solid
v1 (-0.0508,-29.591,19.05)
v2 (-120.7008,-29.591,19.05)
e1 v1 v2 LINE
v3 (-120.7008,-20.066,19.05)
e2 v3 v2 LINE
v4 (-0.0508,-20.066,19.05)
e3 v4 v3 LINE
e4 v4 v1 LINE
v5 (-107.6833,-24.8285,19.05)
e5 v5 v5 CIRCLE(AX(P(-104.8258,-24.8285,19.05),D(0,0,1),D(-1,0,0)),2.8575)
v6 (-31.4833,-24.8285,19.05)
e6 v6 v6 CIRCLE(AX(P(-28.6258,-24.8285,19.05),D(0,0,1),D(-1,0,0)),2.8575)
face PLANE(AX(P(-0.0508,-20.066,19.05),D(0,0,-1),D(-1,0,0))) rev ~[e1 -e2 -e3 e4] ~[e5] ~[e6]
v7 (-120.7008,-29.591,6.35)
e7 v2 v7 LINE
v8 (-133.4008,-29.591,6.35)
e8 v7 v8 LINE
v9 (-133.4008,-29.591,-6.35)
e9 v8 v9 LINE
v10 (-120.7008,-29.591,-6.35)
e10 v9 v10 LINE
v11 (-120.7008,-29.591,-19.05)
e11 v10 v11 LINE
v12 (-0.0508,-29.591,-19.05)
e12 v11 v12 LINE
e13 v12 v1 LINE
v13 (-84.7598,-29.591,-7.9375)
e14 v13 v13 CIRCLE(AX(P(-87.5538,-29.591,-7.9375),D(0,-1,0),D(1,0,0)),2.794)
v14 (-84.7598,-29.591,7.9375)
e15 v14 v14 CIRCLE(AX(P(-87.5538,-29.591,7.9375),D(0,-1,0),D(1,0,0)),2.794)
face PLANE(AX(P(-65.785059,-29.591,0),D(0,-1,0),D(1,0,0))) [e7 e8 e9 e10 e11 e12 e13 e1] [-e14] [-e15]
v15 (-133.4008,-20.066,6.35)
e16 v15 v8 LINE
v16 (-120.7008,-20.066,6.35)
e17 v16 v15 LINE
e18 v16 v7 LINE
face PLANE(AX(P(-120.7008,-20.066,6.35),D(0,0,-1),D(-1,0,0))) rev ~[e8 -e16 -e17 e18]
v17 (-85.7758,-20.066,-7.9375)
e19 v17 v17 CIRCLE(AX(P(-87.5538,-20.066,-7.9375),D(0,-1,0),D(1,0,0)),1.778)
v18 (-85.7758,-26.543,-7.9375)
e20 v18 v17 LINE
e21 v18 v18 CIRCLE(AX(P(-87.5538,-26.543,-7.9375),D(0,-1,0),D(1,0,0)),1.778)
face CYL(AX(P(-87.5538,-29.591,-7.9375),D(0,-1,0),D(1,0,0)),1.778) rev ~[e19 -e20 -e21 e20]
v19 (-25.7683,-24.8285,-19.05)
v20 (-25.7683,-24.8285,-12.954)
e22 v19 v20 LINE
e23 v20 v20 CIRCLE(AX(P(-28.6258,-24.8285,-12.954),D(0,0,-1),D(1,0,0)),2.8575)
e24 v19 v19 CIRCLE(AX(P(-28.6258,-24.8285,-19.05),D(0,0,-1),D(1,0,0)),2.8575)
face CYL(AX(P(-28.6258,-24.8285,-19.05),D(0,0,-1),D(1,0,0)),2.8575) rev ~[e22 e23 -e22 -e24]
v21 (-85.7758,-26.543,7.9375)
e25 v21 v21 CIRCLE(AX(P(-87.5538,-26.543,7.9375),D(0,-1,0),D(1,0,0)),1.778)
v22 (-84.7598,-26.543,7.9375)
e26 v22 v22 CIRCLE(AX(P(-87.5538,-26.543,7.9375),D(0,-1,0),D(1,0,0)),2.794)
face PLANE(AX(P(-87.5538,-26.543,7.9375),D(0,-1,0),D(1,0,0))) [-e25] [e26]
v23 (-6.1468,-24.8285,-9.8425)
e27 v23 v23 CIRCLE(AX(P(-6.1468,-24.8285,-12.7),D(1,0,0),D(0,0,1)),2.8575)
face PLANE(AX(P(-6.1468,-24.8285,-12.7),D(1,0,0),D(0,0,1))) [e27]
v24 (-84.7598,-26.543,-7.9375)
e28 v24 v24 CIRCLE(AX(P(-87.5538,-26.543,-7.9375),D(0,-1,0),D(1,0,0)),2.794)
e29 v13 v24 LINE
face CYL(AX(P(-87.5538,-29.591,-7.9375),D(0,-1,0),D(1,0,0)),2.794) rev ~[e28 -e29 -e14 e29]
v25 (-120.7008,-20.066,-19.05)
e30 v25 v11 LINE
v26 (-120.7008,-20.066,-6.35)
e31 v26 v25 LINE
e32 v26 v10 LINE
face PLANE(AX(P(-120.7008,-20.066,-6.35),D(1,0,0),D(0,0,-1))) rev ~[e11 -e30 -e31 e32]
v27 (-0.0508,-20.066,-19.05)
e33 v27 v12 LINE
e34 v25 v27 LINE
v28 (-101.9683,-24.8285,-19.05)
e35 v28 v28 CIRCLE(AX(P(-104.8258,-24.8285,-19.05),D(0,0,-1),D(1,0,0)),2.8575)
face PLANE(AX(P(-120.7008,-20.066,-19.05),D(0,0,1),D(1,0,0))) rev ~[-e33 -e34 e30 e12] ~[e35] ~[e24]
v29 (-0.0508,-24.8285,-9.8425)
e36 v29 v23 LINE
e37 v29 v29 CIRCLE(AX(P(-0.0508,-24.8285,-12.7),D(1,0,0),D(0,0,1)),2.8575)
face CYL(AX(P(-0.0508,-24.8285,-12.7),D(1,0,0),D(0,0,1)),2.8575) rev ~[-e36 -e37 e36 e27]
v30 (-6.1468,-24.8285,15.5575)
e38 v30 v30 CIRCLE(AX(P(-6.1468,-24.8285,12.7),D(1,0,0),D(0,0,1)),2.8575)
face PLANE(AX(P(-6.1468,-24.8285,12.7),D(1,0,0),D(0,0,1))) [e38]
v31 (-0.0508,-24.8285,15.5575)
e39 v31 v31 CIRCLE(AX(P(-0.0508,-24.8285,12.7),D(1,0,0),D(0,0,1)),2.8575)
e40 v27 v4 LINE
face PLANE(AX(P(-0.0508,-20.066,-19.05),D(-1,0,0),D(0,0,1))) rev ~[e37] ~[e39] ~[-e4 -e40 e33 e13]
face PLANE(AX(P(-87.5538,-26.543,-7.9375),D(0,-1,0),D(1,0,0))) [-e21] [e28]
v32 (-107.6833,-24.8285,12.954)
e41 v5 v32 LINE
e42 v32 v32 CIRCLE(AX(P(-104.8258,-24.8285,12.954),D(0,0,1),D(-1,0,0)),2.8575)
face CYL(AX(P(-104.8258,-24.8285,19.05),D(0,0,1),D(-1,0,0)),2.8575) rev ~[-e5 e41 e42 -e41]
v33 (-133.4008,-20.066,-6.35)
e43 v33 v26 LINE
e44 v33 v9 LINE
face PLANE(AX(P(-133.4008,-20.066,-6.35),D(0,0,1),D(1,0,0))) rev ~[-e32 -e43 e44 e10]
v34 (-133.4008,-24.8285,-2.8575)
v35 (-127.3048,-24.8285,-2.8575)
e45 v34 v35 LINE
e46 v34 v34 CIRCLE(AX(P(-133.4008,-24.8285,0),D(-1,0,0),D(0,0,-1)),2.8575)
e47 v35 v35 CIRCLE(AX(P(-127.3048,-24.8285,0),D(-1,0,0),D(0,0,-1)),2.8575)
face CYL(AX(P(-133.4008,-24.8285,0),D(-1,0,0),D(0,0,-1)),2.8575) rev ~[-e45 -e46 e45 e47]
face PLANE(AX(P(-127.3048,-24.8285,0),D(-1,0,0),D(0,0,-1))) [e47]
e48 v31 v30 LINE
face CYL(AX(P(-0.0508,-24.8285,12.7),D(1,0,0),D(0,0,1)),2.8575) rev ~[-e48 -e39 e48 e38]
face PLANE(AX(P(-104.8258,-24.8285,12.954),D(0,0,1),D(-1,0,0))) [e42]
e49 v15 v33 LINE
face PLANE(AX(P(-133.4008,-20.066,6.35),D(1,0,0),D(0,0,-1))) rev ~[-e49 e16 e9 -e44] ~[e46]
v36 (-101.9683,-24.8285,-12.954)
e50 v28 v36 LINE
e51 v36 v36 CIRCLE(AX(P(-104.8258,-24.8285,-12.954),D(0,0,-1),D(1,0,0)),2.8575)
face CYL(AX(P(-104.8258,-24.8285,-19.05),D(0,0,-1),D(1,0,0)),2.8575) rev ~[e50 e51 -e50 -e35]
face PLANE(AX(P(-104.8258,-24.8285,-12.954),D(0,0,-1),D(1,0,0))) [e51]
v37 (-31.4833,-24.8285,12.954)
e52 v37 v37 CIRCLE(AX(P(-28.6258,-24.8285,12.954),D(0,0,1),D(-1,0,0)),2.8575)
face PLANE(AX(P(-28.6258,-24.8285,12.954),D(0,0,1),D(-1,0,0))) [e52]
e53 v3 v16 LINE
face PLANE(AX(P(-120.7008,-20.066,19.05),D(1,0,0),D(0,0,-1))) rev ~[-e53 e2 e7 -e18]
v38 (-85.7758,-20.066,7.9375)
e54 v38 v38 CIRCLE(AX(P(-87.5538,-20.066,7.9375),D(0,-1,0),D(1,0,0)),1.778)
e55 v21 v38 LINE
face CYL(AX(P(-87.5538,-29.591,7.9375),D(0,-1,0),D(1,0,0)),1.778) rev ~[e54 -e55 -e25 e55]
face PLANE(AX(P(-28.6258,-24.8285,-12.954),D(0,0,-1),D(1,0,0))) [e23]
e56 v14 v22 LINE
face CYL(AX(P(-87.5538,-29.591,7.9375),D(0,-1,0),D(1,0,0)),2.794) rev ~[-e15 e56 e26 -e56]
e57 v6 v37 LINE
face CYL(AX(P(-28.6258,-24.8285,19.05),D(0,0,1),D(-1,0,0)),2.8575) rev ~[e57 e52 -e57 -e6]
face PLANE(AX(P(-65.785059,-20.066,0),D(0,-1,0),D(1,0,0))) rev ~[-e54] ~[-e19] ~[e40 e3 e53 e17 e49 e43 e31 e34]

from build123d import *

# Parameters (mm, degrees)
PAD003_DEPTH    = 9.525
SKETCH090_R     = 2.8575
POCKET018_DEPTH = 6.096
SKETCH091_R     = 2.8575
POCKET019_DEPTH = 6.096
SKETCH092_R     = 2.8575
POCKET020_DEPTH = 6.096
SKETCH093_R     = 2.8575
POCKET021_DEPTH = 6.096
SKETCH111_R     = 1.778
POCKET035_DEPTH = 9.526
SKETCH112_R     = 2.794
POCKET036_DEPTH = 3.048


with BuildPart() as part:
    # Sketch005 → Pad003 (new body)
    with BuildSketch(Plane.XZ):
        Polygon((66.675, -19.05), (66.675, 19.05), (-53.975, 19.05), (-53.975, 6.35), (-66.675, 6.35), (-66.675, -6.35), (-53.975, -6.35), (-53.975, -19.05), align=None)
    extrude(amount=PAD003_DEPTH)

    # Sketch090 (on Face6 of Pad003) → Pocket018 (cut)
    with BuildSketch(Plane(origin=(0, 0, 19.05), x_dir=(-1, 0, 0), z_dir=(0, 0, 1))):
        with Locations((38.1, 4.7625)):
            Circle(SKETCH090_R)
        with Locations((-38.1, 4.7625)):
            Circle(SKETCH090_R)
    extrude(amount=-POCKET018_DEPTH, mode=Mode.SUBTRACT)

    # Sketch091 (on Face4 of Pad003) → Pocket019 (cut)
    with BuildSketch(Plane(origin=(0, 0, -19.05), x_dir=(1, 0, 0), z_dir=(0, 0, -1))):
        with Locations((38.1, 4.7625)):
            Circle(SKETCH091_R)
        with Locations((-38.1, 4.7625)):
            Circle(SKETCH091_R)
    extrude(amount=-POCKET019_DEPTH, mode=Mode.SUBTRACT)

    # Sketch092 (on Face9 of Pocket019) → Pocket020 (cut)
    with BuildSketch(Plane(origin=(66.675, 0, 0), x_dir=(0, 0, 1), z_dir=(1, 0, 0))):
        with Locations((12.7, 4.7625)):
            Circle(SKETCH092_R)
        with Locations((-12.7, 4.7625)):
            Circle(SKETCH092_R)
    extrude(amount=-POCKET020_DEPTH, mode=Mode.SUBTRACT)

    # Sketch093 (on Face1 of Pocket019) → Pocket021 (cut)
    with BuildSketch(Plane(origin=(-66.675, 0, 0), x_dir=(0, 0, -1), z_dir=(-1, 0, 0))):
        with Locations((0, 4.7625)):
            Circle(SKETCH093_R)
    extrude(amount=-POCKET021_DEPTH, mode=Mode.SUBTRACT)

    # Sketch111 (on Face4 of Pocket021) → Pocket035 (cut, through all)
    with BuildSketch(Plane.XZ.offset(9.525)):
        with Locations((-20.828, 7.9375)):
            Circle(SKETCH111_R)
        with Locations((-20.828, -7.9375)):
            Circle(SKETCH111_R)
    extrude(amount=-POCKET035_DEPTH, mode=Mode.SUBTRACT)

    # Sketch112 (on Face4 of Pocket035) → Pocket036 (cut)
    with BuildSketch(Plane.XZ.offset(9.525)):
        with Locations((-20.828, 7.9375)):
            Circle(SKETCH112_R)
        with Locations((-20.828, -7.9375)):
            Circle(SKETCH112_R)
    extrude(amount=-POCKET036_DEPTH, mode=Mode.SUBTRACT)


with BuildPart() as part_1:
    # Body003 placement: moved
    add(part.part.moved(Location((-66.7258, -20.066, 0))))


solid = part_1.part
